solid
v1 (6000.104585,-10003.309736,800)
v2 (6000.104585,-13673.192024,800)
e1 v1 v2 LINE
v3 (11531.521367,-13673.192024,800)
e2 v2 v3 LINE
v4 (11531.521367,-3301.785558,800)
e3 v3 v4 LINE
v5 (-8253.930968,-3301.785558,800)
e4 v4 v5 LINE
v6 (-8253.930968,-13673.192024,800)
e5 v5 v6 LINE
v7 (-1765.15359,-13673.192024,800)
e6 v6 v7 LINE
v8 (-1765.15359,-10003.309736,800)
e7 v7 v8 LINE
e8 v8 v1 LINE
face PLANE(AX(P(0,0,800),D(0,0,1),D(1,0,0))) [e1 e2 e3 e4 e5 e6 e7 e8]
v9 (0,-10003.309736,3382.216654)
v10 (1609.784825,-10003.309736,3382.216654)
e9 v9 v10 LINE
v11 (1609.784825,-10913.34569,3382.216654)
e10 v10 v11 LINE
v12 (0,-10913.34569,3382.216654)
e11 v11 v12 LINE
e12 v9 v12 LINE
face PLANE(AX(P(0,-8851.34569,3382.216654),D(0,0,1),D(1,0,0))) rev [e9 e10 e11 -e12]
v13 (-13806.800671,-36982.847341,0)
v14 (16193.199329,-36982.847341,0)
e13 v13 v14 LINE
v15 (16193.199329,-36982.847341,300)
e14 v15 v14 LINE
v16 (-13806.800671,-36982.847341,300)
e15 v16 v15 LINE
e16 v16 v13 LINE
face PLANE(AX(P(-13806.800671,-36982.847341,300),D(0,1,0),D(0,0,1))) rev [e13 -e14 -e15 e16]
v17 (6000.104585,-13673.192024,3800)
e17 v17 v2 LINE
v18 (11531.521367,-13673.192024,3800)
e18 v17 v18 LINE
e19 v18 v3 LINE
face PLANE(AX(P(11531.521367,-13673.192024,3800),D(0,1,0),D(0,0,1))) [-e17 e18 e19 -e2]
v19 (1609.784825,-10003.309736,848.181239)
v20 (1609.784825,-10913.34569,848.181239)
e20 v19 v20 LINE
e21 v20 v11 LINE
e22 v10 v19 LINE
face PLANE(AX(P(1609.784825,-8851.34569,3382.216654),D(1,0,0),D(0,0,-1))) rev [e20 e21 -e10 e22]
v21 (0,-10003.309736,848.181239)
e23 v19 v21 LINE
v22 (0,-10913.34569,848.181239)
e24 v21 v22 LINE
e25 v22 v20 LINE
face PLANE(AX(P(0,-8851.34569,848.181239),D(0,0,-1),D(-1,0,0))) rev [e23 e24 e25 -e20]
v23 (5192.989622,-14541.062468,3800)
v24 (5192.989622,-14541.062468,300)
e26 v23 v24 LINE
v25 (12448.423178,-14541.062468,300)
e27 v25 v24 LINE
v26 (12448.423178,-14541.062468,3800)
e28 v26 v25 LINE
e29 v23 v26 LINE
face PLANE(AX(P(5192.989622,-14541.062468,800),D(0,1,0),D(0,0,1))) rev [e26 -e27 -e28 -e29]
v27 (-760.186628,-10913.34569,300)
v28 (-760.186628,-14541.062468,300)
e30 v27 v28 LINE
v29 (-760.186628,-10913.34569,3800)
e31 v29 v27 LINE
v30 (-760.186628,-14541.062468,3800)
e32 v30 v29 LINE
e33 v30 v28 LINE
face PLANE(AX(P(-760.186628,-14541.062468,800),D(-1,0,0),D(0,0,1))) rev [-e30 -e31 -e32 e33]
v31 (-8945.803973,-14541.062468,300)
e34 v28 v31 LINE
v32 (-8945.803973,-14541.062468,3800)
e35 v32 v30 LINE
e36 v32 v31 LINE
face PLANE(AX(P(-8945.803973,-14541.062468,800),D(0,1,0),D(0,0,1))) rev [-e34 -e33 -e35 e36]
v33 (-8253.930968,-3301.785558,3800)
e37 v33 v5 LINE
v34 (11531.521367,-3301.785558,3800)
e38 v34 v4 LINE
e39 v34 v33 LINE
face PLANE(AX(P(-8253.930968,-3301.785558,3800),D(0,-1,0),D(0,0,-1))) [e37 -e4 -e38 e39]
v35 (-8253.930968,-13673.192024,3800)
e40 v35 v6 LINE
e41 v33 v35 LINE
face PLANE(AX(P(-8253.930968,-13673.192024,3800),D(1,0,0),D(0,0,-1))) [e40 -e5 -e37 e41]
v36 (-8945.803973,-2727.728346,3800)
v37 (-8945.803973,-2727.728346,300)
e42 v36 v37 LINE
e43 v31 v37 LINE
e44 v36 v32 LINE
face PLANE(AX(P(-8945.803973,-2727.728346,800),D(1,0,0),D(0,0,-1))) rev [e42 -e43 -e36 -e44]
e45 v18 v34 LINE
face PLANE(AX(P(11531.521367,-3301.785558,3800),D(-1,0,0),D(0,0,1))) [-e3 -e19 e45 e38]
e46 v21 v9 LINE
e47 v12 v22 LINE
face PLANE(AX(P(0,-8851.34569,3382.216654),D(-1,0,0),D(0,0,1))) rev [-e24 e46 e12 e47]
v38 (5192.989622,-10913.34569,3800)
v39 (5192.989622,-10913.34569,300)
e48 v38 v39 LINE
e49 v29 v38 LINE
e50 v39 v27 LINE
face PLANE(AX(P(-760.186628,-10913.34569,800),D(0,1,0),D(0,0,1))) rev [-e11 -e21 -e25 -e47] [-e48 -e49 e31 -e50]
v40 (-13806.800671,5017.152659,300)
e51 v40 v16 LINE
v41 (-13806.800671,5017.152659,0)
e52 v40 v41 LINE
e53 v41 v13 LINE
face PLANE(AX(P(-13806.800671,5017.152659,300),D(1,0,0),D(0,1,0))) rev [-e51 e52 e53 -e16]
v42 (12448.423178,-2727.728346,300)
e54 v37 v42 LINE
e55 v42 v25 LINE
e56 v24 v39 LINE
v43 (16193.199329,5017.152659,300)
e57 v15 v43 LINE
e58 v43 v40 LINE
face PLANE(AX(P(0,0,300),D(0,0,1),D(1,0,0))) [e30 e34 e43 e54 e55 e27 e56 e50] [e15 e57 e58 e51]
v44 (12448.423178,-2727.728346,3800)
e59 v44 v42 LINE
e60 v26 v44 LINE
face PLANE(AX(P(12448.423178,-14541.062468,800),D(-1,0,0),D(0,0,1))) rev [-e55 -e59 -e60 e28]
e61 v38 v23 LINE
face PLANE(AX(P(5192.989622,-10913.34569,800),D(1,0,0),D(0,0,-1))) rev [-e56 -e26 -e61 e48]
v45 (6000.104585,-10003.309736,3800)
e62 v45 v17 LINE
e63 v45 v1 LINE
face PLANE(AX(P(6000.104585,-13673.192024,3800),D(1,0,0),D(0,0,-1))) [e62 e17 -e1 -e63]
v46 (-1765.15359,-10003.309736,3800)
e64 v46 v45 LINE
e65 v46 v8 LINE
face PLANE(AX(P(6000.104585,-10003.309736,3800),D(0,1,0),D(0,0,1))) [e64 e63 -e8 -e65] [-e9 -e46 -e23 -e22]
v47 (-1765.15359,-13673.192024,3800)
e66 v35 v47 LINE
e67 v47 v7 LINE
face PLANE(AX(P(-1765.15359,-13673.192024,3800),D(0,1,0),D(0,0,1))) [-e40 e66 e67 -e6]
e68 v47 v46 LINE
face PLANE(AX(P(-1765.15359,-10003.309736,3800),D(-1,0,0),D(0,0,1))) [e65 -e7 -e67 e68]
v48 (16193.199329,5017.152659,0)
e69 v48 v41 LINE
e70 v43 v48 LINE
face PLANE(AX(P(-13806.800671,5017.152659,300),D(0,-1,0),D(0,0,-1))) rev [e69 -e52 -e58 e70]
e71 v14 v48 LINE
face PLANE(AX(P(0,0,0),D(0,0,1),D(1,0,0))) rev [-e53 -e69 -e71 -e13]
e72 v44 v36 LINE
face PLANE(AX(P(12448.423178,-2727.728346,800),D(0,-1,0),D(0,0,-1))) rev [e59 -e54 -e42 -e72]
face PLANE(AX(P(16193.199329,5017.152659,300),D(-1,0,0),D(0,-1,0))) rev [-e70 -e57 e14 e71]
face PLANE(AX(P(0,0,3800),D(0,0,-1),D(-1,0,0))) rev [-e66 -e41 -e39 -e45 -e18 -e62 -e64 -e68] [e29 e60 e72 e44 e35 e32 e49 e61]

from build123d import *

# Parameters (mm, degrees)
IZIM1_W                     = 30000
IZIM1_H                     = 42000
Y_KSEKLIK_EKSTR_ZYON1_DEPTH = 300
Y_KSEKLIK_EKSTR_ZYON2_DEPTH = 800
Y_KSEKLIK_EKSTR_ZYON4_DEPTH = 3000
IZIM4_W                     = 1609.784824537
IZIM4_H                     = 2534.03541531
KES_EKSTR_ZYON1_DEPTH       = 2062


with BuildPart() as part:
    # Çizim1 → Yükseklik-Ekstrüzyon1 (new body)
    with BuildSketch(Plane.XY):
        with Locations((1193.199328836, -15982.847341338)):
            Rectangle(IZIM1_W, IZIM1_H)
    extrude(amount=Y_KSEKLIK_EKSTR_ZYON1_DEPTH)

    # Çizim2 → Yükseklik-Ekstrüzyon2 (add)
    with BuildSketch(Plane.XY):
        Polygon((-8945.803973005, -14541.06246814), (-760.186628399, -14541.06246814), (-760.186628399, -10913.345690417), (5192.989622223, -10913.345690417), (5192.989622223, -14541.06246814), (12448.423177669, -14541.06246814), (12448.423177669, -2727.728345812), (-8945.803973005, -2727.728345812), align=None)
    extrude(amount=Y_KSEKLIK_EKSTR_ZYON2_DEPTH)

    # Çizim3 → Yükseklik-Ekstrüzyon4 (add)
    with BuildSketch(Plane.XY.offset(800)):
        Polygon((-8945.803973005, -2727.728345812), (12448.423177669, -2727.728345812), (12448.423177669, -14541.06246814), (5192.989622223, -14541.06246814), (5192.989622223, -10913.345690417), (-760.186628399, -10913.345690417), (-760.186628399, -14541.06246814), (-8945.803973005, -14541.06246814), align=None)
        Polygon((-8253.930968423, -3301.785557638), (11531.521366561, -3301.785557638), (11531.521366561, -13673.192023557), (6000.104584738, -13673.192023557), (6000.104584738, -10003.309735616), (-1765.153589745, -10003.309735616), (-1765.153589745, -13673.192023557), (-8253.930968423, -13673.192023557), align=None, mode=Mode.SUBTRACT)
    extrude(amount=Y_KSEKLIK_EKSTR_ZYON4_DEPTH)

    # Çizim4 → Kes-Ekstrüzyon1 (cut)
    with BuildSketch(Plane.XZ.offset(10913.345690417)):
        with Locations((804.892412269, 2115.198946394)):
            Rectangle(IZIM4_W, IZIM4_H)
    extrude(amount=-KES_EKSTR_ZYON1_DEPTH, mode=Mode.SUBTRACT)


solid = part.part
